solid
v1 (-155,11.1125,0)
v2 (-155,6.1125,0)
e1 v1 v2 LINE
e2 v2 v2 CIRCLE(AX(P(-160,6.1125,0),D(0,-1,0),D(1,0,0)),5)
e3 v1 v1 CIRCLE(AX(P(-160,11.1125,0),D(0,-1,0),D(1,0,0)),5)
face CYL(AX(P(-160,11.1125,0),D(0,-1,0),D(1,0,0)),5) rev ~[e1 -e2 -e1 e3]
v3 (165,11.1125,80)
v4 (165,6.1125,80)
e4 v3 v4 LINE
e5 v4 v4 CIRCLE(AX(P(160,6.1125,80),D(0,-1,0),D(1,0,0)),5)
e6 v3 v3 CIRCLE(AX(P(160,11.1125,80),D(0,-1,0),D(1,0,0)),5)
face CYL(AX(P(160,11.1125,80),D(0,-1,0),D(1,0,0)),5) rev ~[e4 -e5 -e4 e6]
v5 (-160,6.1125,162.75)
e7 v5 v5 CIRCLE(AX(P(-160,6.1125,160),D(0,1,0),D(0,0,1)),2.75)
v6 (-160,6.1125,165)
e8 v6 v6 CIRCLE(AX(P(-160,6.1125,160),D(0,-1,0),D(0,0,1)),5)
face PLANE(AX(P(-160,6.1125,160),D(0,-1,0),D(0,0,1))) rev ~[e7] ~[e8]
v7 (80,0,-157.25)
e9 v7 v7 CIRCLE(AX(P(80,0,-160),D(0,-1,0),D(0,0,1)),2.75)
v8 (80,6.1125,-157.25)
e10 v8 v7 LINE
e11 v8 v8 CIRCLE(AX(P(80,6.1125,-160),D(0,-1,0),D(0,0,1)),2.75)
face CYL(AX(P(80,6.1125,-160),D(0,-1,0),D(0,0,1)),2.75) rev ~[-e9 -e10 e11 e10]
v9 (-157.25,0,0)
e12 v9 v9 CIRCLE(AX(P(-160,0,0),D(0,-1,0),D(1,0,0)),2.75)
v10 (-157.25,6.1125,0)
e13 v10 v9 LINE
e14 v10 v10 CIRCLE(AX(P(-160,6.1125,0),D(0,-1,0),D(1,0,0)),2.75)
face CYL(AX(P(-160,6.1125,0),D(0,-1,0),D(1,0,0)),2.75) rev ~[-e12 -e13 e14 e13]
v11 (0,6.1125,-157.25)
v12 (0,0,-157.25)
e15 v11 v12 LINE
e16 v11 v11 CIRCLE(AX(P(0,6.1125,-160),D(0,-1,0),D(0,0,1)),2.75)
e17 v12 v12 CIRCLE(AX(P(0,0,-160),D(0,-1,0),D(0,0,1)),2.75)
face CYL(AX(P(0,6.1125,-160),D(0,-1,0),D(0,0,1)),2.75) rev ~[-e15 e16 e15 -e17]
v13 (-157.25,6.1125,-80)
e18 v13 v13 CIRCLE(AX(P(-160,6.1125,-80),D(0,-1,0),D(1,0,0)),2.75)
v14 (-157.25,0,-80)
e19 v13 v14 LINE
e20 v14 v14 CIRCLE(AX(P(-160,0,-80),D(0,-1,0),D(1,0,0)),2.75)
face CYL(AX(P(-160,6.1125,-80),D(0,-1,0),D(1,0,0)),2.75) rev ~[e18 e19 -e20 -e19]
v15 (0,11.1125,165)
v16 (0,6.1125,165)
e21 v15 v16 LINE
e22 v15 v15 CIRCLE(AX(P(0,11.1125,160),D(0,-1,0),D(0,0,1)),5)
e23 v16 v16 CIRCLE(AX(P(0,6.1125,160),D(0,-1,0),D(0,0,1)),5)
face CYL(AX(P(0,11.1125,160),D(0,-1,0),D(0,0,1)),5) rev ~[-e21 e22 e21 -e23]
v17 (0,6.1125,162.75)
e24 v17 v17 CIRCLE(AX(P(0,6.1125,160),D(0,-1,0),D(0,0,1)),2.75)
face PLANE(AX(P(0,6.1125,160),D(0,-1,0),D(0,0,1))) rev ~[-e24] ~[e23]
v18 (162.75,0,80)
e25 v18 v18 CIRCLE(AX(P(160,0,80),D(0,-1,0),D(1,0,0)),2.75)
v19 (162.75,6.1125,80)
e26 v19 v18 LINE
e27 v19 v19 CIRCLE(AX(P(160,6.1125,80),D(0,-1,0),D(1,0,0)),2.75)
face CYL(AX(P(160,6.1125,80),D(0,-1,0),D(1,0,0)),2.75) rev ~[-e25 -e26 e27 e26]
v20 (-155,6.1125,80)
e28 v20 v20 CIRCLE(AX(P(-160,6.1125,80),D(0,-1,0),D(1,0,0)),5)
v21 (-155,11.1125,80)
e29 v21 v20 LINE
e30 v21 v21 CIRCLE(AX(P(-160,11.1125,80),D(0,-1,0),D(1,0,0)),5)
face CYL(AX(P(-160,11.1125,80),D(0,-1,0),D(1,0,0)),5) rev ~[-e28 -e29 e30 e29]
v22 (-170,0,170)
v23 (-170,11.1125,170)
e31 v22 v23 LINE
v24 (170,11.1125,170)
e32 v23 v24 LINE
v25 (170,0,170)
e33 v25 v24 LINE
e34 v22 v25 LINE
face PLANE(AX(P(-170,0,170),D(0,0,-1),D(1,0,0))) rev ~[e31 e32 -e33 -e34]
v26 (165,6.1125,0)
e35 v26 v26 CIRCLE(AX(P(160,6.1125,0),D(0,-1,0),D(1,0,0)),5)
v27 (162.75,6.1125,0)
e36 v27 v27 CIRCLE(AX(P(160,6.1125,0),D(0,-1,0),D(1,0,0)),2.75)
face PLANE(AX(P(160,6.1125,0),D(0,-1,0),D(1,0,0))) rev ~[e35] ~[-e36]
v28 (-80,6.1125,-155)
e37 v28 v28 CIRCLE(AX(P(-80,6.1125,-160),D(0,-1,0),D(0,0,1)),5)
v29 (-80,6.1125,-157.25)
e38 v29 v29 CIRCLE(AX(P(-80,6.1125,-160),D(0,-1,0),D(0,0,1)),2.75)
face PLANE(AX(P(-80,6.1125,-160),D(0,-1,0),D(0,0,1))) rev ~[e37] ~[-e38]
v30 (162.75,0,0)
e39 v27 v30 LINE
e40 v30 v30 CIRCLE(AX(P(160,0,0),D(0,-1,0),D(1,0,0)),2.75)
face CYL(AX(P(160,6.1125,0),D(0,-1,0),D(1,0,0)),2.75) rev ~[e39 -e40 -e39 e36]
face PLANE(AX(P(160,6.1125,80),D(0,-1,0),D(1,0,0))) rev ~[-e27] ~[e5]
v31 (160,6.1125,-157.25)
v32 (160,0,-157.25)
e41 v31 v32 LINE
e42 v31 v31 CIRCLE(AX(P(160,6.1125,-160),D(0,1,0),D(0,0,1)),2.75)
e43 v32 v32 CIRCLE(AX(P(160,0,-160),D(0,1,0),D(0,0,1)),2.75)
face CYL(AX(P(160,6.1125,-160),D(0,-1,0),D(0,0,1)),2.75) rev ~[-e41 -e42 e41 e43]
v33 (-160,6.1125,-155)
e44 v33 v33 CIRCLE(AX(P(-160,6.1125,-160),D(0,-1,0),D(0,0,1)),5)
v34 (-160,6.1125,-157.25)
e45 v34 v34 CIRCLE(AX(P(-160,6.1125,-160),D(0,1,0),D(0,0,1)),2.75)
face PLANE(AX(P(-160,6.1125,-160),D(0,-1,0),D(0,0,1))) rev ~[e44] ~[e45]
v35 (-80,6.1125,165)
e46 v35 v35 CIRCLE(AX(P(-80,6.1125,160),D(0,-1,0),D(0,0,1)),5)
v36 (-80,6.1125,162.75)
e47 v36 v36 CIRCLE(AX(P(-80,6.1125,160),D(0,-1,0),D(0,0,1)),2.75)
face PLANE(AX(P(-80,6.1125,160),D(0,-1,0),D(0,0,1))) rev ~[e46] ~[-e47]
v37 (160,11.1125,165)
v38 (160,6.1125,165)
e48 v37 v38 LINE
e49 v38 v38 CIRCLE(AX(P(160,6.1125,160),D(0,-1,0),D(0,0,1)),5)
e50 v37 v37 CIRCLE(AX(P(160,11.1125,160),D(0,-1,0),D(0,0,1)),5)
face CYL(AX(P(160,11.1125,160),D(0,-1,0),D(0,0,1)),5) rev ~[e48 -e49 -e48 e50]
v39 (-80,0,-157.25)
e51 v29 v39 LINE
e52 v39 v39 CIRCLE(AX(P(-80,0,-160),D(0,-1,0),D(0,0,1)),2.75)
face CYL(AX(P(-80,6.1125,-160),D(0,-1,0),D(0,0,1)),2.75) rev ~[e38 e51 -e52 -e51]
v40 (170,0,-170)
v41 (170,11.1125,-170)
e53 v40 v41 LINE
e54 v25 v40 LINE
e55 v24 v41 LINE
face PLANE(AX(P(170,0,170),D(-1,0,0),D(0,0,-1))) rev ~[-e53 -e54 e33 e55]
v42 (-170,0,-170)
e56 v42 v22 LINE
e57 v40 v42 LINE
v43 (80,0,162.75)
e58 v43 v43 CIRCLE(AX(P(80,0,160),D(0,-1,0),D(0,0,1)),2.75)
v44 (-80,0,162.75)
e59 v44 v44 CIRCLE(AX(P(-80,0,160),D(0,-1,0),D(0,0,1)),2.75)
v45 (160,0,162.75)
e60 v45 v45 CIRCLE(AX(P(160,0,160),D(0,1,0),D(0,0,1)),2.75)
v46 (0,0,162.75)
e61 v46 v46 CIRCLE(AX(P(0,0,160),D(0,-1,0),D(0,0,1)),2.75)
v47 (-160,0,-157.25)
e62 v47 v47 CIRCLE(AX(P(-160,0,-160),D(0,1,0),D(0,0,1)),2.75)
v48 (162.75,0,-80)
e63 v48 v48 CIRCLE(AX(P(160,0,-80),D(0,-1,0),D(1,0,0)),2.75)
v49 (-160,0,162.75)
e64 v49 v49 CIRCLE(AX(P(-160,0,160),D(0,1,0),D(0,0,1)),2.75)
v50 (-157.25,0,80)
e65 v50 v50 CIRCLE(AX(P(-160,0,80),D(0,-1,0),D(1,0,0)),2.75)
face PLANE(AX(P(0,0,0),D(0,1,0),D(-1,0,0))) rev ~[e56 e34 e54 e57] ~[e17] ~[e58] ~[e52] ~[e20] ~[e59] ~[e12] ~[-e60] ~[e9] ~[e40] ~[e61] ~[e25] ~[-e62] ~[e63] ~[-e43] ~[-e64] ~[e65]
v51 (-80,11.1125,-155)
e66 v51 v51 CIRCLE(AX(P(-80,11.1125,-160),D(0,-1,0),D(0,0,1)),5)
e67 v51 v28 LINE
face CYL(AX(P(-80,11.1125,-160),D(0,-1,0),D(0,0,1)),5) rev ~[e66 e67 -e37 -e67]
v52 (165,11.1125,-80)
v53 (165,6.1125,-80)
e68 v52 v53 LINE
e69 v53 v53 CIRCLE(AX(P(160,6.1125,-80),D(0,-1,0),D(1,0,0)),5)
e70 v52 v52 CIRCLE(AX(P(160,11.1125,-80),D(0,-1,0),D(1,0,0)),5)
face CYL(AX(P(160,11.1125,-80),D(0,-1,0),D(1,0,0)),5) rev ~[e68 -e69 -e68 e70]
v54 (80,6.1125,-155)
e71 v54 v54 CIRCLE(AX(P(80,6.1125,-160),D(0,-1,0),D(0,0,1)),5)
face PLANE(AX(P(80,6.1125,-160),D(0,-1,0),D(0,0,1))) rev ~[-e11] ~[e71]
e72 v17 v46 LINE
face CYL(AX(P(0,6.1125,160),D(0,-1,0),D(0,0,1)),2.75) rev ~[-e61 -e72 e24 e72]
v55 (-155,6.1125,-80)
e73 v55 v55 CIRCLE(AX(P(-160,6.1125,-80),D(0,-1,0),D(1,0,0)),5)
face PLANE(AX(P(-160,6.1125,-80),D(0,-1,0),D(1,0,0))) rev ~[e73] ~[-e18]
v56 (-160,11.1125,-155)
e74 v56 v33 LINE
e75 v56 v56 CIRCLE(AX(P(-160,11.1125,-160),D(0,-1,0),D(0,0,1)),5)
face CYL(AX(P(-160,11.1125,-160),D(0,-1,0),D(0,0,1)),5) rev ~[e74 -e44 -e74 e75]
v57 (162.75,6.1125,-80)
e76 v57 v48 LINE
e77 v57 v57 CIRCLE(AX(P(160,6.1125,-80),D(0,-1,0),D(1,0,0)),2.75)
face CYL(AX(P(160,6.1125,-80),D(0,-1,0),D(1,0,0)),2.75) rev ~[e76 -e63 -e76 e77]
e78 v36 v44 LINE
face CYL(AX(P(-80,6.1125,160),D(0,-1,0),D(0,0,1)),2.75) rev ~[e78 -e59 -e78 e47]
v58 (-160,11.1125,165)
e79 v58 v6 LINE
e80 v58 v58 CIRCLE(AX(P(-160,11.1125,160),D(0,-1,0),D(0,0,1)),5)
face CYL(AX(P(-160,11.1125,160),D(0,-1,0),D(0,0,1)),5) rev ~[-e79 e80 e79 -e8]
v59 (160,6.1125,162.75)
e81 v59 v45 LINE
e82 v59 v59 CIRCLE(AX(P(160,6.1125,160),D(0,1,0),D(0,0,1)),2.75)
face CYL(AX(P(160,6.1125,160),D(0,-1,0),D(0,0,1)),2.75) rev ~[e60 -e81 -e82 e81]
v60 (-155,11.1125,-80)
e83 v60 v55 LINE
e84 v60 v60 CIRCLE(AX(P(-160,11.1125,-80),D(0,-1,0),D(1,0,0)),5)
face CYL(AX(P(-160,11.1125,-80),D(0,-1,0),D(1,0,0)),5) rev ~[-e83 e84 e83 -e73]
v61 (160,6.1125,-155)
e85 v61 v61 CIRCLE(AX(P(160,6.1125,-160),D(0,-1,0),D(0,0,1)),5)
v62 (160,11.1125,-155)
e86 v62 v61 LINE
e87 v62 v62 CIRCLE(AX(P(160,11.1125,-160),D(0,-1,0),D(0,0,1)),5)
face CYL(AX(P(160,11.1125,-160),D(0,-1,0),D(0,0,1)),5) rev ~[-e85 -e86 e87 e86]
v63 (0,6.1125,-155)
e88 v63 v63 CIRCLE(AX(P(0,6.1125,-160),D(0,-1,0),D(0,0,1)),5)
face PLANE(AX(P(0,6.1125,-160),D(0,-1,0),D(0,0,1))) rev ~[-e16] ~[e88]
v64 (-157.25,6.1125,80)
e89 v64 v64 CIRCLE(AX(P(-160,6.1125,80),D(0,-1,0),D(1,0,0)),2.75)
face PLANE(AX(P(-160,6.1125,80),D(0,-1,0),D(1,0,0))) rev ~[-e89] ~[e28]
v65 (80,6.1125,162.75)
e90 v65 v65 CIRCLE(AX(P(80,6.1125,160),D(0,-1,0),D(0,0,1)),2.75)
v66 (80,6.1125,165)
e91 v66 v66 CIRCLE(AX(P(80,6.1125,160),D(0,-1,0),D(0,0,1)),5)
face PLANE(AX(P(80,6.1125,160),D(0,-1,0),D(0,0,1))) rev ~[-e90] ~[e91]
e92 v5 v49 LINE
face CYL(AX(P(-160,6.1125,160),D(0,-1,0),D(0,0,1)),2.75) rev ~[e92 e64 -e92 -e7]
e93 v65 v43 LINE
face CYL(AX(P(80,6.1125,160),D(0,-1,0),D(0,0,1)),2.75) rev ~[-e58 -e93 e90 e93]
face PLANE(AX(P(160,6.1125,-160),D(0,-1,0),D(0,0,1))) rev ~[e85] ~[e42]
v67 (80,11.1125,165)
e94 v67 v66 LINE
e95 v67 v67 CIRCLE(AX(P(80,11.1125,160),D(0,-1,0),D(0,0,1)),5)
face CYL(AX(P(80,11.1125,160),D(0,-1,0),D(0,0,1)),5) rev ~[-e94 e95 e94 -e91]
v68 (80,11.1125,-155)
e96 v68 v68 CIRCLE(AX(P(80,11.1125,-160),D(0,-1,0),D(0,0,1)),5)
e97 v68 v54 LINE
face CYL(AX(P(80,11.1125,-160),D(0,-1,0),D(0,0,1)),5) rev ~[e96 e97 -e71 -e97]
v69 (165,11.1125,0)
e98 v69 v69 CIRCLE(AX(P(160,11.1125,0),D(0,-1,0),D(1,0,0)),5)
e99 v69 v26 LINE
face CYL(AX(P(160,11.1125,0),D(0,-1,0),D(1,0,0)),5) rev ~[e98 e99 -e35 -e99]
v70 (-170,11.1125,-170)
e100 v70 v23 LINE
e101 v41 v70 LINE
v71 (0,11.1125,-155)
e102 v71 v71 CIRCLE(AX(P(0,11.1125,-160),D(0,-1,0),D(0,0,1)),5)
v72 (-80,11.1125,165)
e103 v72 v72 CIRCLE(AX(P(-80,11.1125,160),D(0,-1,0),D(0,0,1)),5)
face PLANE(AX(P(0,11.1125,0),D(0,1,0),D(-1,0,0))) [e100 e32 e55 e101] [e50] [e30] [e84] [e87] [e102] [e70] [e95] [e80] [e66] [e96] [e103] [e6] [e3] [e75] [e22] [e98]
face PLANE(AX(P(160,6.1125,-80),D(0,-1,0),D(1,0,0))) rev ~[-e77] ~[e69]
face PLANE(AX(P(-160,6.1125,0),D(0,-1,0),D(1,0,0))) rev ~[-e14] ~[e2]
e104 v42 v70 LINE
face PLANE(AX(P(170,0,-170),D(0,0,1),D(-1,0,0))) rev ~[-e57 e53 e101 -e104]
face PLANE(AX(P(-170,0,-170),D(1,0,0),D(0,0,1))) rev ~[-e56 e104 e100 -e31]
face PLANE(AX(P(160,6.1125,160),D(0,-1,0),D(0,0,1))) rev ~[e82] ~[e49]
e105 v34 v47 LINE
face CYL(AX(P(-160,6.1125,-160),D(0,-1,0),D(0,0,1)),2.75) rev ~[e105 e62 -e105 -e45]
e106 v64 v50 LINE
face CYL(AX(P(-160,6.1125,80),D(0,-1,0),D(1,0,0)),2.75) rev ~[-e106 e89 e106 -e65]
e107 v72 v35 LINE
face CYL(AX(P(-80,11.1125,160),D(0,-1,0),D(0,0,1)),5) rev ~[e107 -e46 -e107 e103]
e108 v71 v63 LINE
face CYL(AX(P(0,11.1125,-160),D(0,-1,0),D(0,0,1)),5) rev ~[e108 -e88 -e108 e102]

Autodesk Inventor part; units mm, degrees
ref_plane "YZ Plane" through (0, 0, 0) normal (1, 0, 0) x (0, 1, 0)
ref_plane "XZ Plane" through (0, 0, 0) normal (0, 1, 0) x (-1, 0, 0)
ref_plane "XY Plane" through (0, 0, 0) normal (0, 0, 1) x (1, 0, 0)
sketch "Sketch1" plane through (0, 0, 0) normal (0, 1, 0) x (-1, 0, 0)
  line L0 (170, 170) -> (-170, 170)
  line L1 (-170, 170) -> (-170, -170)
  line L2 (-170, -170) -> (170, -170)
  line L3 (170, -170) -> (170, 170)
  line L4 (170, 170) -> (-170, -170) construction
  line L5 (-170, 170) -> (170, -170) construction
  point P0 (0, 0)
  dimension "d0" = 340
  dimension "d1" = 340
extrude "Extrusion1" add sketch "Sketch1" along normal blind 11.1125
sketch "Sketch2" plane through (0, 11.1125, 0) normal (0, 1, 0) x (1, 0, 0)
  line L0 (-170, -170) -> (170, -170) projected
  line L1 (170, -170) -> (170, 170) projected
  line L2 (170, 170) -> (-170, 170) projected
  line L3 (-170, 170) -> (-170, -170) projected
  point P0 (0, 0)
  point P1 (-160, -160)
  dimension "d4" = 10
  dimension "d5" = 10
hole "Hole1" at (-160, 11.1125, 160) direction (0, -1, 0) diameter 5.5 end through all counterbore diameter 10 counterbore depth 5 clearance for "Socket Head Cap Screw" size "M5" standard "Ansi Metric M Profile"
pattern_linear "Rectangular Pattern1" count 2 spacing 320 along (0, 0, -1) count 5 spacing 80 along (1, 0, 0) of "Hole1"
pattern_circular "Circular Pattern1" count 2 over 90 about axis through (0, -10, 0) along (0, 1, 0) of "Hole1", "Rectangular Pattern1"
equation "\"d2\" = facingThickness - facingGasketThickness"
equation "\"mppcMountThickness\" = 6.35"
equation "\"facingThickness\" = 12.7"
equation "\"facingGasketThickness\" = 1.5875"
properties part number "frontBackFace" material "Wood (Cherry)"
